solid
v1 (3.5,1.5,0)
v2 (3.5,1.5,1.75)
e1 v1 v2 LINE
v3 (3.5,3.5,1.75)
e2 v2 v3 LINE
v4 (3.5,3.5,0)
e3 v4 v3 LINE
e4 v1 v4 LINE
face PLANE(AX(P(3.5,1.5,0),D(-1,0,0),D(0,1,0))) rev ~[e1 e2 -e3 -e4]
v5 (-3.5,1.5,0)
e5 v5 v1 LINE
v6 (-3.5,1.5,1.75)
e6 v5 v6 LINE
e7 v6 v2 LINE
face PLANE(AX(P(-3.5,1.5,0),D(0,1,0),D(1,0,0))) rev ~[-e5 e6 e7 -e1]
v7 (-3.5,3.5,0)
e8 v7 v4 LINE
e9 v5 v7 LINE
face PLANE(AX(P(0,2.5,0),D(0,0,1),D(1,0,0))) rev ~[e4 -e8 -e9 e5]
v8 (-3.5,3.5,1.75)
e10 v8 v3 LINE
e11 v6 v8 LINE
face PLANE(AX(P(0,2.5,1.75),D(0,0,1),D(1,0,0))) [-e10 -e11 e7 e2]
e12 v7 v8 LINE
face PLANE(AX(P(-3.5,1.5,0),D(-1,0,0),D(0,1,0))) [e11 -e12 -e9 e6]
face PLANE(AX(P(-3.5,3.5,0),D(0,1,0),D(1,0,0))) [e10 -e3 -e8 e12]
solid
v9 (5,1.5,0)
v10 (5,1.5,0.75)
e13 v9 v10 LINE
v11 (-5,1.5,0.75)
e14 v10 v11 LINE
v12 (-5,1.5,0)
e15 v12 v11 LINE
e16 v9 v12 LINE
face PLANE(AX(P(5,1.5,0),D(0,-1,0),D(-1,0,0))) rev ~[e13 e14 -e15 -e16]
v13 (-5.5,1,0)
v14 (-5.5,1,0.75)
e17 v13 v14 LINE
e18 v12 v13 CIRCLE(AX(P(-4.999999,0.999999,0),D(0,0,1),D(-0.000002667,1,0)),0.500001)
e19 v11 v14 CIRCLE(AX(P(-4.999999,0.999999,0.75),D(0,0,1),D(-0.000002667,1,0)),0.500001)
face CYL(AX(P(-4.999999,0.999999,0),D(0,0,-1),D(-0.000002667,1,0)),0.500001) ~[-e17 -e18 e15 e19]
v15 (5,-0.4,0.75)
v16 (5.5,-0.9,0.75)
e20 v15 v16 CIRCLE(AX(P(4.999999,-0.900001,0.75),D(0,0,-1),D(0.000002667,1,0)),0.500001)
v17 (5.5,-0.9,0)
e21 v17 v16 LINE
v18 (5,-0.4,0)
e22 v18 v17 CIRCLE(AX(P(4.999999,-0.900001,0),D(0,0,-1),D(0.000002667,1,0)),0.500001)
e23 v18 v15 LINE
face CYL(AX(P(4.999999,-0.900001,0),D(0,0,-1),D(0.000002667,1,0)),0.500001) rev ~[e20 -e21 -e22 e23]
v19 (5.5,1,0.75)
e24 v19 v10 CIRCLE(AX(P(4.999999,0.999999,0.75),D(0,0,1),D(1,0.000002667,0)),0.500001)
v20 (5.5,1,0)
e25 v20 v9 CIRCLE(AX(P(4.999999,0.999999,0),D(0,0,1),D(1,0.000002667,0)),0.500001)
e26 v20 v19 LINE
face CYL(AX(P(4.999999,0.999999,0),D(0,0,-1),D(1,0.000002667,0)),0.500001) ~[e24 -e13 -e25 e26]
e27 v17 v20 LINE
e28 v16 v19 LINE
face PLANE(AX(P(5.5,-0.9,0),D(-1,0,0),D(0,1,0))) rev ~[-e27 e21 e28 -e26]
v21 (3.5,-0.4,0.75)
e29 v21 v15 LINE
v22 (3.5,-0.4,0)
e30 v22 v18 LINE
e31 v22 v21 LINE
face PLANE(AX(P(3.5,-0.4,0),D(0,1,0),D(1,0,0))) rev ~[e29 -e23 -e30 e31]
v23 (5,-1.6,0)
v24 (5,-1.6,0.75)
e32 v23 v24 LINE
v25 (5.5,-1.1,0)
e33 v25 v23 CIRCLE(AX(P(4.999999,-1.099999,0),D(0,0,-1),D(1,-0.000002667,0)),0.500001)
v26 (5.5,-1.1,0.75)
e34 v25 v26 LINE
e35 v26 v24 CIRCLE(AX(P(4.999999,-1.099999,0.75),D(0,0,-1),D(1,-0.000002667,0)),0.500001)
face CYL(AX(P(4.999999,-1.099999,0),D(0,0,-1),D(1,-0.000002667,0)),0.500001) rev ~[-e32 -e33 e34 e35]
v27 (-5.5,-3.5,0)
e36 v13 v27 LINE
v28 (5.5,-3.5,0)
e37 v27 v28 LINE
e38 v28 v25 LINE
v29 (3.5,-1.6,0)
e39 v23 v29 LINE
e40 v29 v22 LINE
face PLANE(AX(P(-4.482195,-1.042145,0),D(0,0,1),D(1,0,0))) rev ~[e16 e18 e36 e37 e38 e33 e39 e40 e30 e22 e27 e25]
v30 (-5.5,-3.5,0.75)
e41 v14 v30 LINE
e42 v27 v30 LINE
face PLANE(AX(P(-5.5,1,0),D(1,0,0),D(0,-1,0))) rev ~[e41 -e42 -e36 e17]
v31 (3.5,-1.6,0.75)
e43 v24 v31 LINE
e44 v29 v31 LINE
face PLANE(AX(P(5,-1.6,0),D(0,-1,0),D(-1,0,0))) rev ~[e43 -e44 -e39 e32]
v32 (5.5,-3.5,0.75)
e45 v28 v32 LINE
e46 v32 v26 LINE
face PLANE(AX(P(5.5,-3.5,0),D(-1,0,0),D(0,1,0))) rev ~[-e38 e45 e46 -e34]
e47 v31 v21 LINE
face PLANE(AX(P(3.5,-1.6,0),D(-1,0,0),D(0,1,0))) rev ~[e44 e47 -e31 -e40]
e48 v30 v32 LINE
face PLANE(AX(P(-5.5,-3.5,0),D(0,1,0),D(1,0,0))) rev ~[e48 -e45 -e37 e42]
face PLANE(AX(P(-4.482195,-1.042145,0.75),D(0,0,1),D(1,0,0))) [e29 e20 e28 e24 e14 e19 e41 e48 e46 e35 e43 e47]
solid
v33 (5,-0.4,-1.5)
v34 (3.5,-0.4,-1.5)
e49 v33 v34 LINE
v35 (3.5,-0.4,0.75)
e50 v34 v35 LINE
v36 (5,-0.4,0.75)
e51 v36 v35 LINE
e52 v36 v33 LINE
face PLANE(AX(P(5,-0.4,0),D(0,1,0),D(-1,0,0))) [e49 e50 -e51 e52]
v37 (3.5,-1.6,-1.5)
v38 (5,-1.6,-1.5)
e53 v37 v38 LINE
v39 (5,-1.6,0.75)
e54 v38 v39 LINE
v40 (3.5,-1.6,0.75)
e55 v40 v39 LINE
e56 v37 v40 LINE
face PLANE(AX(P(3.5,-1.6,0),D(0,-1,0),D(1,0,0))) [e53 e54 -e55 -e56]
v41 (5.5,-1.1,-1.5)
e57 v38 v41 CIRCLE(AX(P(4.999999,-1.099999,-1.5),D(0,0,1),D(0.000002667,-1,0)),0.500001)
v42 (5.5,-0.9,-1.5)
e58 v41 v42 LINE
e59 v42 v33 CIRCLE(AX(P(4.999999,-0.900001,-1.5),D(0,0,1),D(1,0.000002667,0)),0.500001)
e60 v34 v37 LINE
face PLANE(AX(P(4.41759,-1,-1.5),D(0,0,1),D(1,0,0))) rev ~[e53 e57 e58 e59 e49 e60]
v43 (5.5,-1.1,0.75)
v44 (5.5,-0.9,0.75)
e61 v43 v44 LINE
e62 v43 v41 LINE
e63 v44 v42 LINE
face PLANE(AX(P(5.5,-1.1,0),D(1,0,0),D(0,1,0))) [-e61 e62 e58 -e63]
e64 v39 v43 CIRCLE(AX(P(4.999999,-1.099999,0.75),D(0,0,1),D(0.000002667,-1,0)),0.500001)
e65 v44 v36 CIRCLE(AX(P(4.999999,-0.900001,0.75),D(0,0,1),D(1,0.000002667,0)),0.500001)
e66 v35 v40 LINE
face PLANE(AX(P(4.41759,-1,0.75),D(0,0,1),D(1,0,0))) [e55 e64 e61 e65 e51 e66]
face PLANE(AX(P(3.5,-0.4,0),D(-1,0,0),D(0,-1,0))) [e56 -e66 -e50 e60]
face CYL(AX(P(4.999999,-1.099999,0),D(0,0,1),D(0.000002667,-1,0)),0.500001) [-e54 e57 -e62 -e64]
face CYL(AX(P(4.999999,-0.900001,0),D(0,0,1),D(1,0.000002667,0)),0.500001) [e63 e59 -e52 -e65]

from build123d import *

# Parameters (mm, degrees)
F1_DEPTH      = 0.75
F2_DEPTH      = 0.75
F2_DEPTH_BACK = 1.5
F0_W          = 7
F0_H          = 2
F3_DEPTH      = 1.75


with BuildPart() as f1:
    # F0 (on Top) → F1 (new body)
    with BuildSketch(Plane.XY):
        with BuildLine():
            Line((-3.5, -3.5), (-3.5, 1.5))
            Line((-3.5, 1.5), (-5, 1.5))
            ThreePointArc((-5, 1.5), (-5.353553, 1.353553), (-5.5, 1))
            Line((-5.5, 1), (-5.5, -3.5))
            Line((-5.5, -3.5), (-3.5, -3.5))
        make_face()
        with BuildLine():
            Line((5, -1.6), (3.5, -1.6))
            Line((3.5, -1.6), (3.5, -3.5))
            Line((3.5, -3.5), (5.5, -3.5))
            Line((5.5, -3.5), (5.5, -1.1))
            ThreePointArc((5.5, -1.1), (5.353553, -1.453553), (5, -1.6))
        make_face()
        with BuildLine():
            Line((5, 1.5), (3.5, 1.5))
            Line((3.5, 1.5), (3.5, -0.4))
            Line((3.5, -0.4), (5, -0.4))
            ThreePointArc((5, -0.4), (5.353553, -0.546447), (5.5, -0.9))
            Line((5.5, -0.9), (5.5, 1))
            ThreePointArc((5.5, 1), (5.353553, 1.353553), (5, 1.5))
        make_face()
        Polygon((3.5, -0.4), (3.5, 1.5), (-3.5, 1.5), (-3.5, -3.5), (3.5, -3.5), (3.5, -1.6), align=None)
    extrude(amount=F1_DEPTH)


with BuildPart() as f2:
    # F0 (on Top) → F2 (new body, two sides)
    with BuildSketch(Plane.XY) as f2_sk:
        with BuildLine():
            Line((5, -0.4), (3.5, -0.4))
            Line((3.5, -0.4), (3.5, -1.6))
            Line((3.5, -1.6), (5, -1.6))
            ThreePointArc((5, -1.6), (5.353553, -1.453553), (5.5, -1.1))
            Line((5.5, -1.1), (5.5, -0.9))
            ThreePointArc((5.5, -0.9), (5.353553, -0.546447), (5, -0.4))
        make_face()
    extrude(amount=F2_DEPTH)
    extrude(f2_sk.sketch, amount=-F2_DEPTH_BACK)


with BuildPart() as f3:
    # F0 (on Top) → F3 (new body)
    with BuildSketch(Plane.XY):
        with Locations((0, 2.5)):
            Rectangle(F0_W, F0_H)
    extrude(amount=F3_DEPTH)


solid = Compound([f1.part, f2.part, f3.part])
